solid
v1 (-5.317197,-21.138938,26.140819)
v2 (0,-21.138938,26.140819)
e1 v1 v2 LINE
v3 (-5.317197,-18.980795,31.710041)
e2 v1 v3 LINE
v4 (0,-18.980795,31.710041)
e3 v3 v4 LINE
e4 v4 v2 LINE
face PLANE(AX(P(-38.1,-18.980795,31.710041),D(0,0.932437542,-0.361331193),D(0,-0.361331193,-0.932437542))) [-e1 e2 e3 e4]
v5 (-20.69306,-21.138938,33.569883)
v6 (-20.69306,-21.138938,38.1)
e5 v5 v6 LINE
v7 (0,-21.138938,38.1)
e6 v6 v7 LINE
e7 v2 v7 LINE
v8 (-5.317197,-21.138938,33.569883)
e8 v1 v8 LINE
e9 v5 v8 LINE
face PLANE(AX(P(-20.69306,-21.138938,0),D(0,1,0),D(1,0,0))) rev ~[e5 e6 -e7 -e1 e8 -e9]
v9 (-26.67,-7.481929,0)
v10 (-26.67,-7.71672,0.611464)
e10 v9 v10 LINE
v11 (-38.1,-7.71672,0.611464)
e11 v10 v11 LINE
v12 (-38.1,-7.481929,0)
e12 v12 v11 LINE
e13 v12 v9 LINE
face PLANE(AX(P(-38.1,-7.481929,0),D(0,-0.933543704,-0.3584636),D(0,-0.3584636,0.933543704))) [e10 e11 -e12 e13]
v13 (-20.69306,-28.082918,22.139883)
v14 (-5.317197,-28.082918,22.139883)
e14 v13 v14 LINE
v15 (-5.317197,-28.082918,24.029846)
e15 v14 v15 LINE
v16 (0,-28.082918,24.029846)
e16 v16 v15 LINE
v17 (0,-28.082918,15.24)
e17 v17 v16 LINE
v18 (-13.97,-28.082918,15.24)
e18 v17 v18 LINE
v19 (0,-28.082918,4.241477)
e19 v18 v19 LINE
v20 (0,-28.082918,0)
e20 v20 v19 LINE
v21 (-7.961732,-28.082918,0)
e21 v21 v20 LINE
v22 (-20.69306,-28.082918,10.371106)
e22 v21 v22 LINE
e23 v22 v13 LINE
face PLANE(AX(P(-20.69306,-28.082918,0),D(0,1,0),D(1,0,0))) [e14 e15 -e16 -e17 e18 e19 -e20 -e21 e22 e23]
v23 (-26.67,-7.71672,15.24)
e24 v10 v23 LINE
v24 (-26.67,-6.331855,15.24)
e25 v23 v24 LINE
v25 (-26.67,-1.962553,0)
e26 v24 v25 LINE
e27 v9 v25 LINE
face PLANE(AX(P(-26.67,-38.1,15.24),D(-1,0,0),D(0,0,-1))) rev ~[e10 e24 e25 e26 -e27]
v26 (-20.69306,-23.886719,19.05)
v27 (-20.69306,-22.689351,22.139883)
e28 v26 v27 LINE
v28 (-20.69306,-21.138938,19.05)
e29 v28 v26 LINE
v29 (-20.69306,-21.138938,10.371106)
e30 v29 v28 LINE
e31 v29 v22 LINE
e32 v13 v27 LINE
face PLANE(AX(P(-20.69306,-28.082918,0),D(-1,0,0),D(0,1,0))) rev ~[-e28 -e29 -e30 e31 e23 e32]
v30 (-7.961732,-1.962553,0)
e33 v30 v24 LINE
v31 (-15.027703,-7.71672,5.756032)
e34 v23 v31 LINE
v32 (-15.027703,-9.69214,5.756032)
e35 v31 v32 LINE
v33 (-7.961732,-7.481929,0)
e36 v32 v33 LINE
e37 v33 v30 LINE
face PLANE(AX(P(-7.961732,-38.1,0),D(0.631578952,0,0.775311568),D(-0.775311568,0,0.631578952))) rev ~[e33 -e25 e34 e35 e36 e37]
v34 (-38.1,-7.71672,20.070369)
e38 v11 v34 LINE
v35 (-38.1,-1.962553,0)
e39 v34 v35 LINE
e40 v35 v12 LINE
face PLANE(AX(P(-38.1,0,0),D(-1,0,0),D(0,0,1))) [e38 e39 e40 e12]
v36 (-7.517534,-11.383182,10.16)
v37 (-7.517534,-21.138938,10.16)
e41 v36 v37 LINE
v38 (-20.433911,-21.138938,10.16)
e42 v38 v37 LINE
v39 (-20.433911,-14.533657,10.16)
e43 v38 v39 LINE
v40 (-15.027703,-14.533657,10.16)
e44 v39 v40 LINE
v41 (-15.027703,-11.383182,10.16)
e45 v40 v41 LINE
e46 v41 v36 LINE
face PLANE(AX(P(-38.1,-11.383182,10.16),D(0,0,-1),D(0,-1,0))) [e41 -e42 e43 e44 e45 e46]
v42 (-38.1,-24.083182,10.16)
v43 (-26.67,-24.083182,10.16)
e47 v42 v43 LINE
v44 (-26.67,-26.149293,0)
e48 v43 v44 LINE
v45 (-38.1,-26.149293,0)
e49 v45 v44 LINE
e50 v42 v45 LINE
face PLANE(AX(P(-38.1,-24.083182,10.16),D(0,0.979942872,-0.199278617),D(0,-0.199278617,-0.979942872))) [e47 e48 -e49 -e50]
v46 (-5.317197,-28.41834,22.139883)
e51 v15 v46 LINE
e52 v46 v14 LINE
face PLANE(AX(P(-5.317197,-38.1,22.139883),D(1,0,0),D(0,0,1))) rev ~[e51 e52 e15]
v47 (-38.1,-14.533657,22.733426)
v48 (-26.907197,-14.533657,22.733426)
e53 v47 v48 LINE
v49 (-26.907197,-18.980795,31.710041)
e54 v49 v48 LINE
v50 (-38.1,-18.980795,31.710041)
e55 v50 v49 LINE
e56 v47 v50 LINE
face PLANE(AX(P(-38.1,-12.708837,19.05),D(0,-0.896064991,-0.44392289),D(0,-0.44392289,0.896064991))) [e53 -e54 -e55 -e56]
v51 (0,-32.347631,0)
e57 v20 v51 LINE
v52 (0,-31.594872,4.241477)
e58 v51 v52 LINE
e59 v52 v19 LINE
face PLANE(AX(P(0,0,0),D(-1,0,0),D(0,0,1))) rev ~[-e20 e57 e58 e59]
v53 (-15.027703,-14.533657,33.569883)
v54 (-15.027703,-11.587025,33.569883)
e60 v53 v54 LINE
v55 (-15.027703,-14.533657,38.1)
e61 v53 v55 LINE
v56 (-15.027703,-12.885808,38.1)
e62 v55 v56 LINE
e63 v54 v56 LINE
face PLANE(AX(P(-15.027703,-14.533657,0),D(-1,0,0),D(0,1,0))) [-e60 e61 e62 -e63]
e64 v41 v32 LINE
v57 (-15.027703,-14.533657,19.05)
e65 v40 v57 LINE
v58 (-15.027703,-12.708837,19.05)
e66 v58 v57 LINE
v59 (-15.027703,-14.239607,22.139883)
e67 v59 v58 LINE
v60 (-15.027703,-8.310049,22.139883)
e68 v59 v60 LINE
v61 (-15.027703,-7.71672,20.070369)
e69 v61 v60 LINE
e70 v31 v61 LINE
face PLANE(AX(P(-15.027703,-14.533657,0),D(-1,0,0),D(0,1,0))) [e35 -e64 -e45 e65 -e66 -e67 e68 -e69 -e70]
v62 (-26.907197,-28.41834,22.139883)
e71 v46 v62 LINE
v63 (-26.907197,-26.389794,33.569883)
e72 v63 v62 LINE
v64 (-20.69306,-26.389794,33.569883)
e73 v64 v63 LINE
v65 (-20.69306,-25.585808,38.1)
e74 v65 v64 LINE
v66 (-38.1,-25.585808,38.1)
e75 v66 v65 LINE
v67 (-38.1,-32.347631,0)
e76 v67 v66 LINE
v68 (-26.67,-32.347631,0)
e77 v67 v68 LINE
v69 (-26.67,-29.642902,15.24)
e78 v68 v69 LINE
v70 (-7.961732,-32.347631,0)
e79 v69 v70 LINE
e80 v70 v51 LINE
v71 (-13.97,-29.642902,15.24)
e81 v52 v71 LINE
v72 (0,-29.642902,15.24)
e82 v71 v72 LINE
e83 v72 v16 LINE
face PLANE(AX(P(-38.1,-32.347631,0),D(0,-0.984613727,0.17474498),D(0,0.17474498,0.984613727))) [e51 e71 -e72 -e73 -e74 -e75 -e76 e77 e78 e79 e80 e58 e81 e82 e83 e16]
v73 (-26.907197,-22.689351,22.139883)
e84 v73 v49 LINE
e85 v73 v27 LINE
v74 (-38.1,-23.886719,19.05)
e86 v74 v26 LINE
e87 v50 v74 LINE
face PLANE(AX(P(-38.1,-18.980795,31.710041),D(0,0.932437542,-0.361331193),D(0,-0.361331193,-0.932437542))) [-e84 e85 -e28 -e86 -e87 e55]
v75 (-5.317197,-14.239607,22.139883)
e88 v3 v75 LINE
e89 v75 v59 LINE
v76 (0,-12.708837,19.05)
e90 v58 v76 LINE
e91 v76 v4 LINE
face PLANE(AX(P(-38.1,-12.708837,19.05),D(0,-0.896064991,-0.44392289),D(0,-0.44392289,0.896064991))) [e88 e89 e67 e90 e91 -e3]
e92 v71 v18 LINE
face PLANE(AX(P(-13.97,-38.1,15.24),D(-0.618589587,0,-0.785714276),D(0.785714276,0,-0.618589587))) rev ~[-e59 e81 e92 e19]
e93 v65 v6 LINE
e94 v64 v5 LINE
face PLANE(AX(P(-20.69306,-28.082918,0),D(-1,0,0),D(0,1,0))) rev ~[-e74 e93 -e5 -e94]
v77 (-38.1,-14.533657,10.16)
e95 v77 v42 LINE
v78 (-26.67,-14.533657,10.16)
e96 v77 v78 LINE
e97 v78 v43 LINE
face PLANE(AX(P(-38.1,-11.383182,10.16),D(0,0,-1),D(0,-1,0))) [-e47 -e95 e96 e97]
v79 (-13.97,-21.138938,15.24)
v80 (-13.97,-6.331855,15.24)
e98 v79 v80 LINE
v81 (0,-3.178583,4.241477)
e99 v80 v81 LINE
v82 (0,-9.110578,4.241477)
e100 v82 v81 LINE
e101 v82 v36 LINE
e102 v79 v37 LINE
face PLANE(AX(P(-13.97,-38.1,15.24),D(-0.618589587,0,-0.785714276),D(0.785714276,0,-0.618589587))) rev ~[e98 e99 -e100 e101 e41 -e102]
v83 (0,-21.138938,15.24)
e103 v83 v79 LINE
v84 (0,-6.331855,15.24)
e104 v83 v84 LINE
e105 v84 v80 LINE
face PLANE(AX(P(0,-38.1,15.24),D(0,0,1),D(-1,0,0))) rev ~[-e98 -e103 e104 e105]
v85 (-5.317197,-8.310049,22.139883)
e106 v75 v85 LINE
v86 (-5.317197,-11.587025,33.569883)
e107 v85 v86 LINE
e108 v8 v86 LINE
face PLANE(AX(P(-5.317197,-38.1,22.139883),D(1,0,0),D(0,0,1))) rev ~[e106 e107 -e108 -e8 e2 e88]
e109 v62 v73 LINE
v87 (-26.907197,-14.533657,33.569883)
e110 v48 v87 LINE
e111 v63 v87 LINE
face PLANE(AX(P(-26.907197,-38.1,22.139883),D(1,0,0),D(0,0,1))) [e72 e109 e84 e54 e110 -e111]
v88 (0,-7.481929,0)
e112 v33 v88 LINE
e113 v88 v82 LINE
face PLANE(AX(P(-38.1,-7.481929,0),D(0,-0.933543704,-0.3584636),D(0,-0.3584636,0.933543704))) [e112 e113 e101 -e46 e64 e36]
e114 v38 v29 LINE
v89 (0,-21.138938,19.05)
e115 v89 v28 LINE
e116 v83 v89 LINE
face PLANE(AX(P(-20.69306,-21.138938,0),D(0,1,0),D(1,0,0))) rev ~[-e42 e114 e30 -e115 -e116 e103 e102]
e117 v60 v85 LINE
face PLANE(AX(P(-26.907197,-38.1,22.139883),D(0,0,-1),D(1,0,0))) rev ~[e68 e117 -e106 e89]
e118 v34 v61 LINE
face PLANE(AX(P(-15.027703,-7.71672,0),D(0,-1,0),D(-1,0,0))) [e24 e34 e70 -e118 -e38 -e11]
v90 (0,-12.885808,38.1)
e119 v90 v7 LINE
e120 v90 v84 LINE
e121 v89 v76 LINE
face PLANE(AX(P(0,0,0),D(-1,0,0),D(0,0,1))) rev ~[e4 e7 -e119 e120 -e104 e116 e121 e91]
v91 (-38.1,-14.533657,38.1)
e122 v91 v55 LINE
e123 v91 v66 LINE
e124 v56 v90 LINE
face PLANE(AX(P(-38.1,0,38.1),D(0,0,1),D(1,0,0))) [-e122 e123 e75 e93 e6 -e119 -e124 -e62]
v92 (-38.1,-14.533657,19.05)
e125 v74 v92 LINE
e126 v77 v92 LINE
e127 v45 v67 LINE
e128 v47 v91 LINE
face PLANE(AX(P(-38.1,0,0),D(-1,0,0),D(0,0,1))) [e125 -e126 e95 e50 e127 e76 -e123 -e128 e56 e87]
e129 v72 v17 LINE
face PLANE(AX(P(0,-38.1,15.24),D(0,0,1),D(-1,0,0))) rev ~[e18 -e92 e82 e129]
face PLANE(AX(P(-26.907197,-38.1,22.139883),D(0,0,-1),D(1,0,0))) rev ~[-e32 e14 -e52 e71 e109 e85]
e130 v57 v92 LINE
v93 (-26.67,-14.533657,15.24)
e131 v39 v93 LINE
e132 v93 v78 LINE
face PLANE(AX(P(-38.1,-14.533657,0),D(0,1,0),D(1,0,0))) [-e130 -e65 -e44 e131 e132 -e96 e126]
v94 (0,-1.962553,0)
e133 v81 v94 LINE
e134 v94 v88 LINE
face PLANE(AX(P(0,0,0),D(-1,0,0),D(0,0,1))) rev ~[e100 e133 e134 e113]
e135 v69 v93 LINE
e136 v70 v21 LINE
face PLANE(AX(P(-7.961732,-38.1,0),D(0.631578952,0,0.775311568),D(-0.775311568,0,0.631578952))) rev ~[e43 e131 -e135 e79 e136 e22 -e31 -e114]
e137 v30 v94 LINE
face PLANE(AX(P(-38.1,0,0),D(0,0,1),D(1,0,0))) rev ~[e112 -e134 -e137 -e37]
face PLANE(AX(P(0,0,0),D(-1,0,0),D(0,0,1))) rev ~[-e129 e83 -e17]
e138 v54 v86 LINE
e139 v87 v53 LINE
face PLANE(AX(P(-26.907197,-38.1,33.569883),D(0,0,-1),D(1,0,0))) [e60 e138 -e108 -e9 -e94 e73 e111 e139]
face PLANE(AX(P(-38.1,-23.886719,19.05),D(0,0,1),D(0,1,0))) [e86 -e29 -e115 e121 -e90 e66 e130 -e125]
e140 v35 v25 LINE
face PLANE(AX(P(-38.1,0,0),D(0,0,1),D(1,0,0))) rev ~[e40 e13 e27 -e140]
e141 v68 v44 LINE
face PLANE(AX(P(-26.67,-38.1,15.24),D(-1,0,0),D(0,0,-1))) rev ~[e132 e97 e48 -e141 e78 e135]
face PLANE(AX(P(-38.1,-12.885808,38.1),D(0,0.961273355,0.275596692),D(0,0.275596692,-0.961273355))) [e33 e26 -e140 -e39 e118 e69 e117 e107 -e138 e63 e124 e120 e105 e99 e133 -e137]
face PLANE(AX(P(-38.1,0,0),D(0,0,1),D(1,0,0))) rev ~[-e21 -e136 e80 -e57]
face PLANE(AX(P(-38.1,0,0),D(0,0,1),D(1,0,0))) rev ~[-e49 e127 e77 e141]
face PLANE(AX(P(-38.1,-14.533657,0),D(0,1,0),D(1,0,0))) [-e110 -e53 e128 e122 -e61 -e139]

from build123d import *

# Parameters (mm, degrees)
F0_W     = 38.1
F0_H     = 38.1
F1_DEPTH = 38.1
F4_W     = 21.59
F4_H     = 11.43
F5_DEPTH = 38.1
F7_DEPTH = 38.1
F8_W     = 20.69306
F8_H     = 6.94398
F9_DEPTH = 38.1


with BuildPart() as f1:
    # F0 (on Front) → F1 (new body)
    with BuildSketch(Plane.XZ):
        with Locations((-19.05, 19.05)):
            Rectangle(F0_W, F0_H)
    extrude(amount=F1_DEPTH)

    # F4 (on offset) → F5 (cut)
    with BuildSketch(Plane.XZ.offset(38.1)):
        with Locations((-16.112197, 27.854883)):
            Rectangle(F4_W, F4_H)
        Polygon((-26.67, 15.24), (-26.67, 0), (-16.748283, 0), (-12.880538, 0), (-7.961732, 0), align=None)
        Polygon((0, 4.241477), (0, 15.24), (-13.97, 15.24), align=None)
    extrude(amount=-F5_DEPTH, mode=Mode.SUBTRACT)

    # F6 (on offset) → F7 (cut)
    with BuildSketch(Plane.YZ.offset(-38.1)):
        Polygon((0, 38.1), (-12.885808, 38.1), (-1.962553, 0), (0, 0), align=None)
        Polygon((-18.980795, 31.710041), (-23.886719, 19.05), (-12.708837, 19.05), align=None)
        Polygon((-25.585808, 38.1), (-38.1, 38.1), (-38.1, 0), (-32.347631, 0), align=None)
        Polygon((-24.083182, 10.16), (-26.149293, 0), (-13.001305, 0), (-7.481929, 0), (-11.383182, 10.16), align=None)
    extrude(amount=F7_DEPTH, mode=Mode.SUBTRACT)

    # F8 (on Top) → F9 (cut)
    with BuildSketch(Plane.XY):
        Polygon((-15.027703, -7.71672), (-38.1, -7.71672), (-38.1, -12.706961), (-38.1, -14.533657), (-15.027703, -14.533657), align=None)
        with Locations((-10.34653, -24.610928)):
            Rectangle(F8_W, F8_H)
    extrude(amount=F9_DEPTH, mode=Mode.SUBTRACT)


solid = f1.part
